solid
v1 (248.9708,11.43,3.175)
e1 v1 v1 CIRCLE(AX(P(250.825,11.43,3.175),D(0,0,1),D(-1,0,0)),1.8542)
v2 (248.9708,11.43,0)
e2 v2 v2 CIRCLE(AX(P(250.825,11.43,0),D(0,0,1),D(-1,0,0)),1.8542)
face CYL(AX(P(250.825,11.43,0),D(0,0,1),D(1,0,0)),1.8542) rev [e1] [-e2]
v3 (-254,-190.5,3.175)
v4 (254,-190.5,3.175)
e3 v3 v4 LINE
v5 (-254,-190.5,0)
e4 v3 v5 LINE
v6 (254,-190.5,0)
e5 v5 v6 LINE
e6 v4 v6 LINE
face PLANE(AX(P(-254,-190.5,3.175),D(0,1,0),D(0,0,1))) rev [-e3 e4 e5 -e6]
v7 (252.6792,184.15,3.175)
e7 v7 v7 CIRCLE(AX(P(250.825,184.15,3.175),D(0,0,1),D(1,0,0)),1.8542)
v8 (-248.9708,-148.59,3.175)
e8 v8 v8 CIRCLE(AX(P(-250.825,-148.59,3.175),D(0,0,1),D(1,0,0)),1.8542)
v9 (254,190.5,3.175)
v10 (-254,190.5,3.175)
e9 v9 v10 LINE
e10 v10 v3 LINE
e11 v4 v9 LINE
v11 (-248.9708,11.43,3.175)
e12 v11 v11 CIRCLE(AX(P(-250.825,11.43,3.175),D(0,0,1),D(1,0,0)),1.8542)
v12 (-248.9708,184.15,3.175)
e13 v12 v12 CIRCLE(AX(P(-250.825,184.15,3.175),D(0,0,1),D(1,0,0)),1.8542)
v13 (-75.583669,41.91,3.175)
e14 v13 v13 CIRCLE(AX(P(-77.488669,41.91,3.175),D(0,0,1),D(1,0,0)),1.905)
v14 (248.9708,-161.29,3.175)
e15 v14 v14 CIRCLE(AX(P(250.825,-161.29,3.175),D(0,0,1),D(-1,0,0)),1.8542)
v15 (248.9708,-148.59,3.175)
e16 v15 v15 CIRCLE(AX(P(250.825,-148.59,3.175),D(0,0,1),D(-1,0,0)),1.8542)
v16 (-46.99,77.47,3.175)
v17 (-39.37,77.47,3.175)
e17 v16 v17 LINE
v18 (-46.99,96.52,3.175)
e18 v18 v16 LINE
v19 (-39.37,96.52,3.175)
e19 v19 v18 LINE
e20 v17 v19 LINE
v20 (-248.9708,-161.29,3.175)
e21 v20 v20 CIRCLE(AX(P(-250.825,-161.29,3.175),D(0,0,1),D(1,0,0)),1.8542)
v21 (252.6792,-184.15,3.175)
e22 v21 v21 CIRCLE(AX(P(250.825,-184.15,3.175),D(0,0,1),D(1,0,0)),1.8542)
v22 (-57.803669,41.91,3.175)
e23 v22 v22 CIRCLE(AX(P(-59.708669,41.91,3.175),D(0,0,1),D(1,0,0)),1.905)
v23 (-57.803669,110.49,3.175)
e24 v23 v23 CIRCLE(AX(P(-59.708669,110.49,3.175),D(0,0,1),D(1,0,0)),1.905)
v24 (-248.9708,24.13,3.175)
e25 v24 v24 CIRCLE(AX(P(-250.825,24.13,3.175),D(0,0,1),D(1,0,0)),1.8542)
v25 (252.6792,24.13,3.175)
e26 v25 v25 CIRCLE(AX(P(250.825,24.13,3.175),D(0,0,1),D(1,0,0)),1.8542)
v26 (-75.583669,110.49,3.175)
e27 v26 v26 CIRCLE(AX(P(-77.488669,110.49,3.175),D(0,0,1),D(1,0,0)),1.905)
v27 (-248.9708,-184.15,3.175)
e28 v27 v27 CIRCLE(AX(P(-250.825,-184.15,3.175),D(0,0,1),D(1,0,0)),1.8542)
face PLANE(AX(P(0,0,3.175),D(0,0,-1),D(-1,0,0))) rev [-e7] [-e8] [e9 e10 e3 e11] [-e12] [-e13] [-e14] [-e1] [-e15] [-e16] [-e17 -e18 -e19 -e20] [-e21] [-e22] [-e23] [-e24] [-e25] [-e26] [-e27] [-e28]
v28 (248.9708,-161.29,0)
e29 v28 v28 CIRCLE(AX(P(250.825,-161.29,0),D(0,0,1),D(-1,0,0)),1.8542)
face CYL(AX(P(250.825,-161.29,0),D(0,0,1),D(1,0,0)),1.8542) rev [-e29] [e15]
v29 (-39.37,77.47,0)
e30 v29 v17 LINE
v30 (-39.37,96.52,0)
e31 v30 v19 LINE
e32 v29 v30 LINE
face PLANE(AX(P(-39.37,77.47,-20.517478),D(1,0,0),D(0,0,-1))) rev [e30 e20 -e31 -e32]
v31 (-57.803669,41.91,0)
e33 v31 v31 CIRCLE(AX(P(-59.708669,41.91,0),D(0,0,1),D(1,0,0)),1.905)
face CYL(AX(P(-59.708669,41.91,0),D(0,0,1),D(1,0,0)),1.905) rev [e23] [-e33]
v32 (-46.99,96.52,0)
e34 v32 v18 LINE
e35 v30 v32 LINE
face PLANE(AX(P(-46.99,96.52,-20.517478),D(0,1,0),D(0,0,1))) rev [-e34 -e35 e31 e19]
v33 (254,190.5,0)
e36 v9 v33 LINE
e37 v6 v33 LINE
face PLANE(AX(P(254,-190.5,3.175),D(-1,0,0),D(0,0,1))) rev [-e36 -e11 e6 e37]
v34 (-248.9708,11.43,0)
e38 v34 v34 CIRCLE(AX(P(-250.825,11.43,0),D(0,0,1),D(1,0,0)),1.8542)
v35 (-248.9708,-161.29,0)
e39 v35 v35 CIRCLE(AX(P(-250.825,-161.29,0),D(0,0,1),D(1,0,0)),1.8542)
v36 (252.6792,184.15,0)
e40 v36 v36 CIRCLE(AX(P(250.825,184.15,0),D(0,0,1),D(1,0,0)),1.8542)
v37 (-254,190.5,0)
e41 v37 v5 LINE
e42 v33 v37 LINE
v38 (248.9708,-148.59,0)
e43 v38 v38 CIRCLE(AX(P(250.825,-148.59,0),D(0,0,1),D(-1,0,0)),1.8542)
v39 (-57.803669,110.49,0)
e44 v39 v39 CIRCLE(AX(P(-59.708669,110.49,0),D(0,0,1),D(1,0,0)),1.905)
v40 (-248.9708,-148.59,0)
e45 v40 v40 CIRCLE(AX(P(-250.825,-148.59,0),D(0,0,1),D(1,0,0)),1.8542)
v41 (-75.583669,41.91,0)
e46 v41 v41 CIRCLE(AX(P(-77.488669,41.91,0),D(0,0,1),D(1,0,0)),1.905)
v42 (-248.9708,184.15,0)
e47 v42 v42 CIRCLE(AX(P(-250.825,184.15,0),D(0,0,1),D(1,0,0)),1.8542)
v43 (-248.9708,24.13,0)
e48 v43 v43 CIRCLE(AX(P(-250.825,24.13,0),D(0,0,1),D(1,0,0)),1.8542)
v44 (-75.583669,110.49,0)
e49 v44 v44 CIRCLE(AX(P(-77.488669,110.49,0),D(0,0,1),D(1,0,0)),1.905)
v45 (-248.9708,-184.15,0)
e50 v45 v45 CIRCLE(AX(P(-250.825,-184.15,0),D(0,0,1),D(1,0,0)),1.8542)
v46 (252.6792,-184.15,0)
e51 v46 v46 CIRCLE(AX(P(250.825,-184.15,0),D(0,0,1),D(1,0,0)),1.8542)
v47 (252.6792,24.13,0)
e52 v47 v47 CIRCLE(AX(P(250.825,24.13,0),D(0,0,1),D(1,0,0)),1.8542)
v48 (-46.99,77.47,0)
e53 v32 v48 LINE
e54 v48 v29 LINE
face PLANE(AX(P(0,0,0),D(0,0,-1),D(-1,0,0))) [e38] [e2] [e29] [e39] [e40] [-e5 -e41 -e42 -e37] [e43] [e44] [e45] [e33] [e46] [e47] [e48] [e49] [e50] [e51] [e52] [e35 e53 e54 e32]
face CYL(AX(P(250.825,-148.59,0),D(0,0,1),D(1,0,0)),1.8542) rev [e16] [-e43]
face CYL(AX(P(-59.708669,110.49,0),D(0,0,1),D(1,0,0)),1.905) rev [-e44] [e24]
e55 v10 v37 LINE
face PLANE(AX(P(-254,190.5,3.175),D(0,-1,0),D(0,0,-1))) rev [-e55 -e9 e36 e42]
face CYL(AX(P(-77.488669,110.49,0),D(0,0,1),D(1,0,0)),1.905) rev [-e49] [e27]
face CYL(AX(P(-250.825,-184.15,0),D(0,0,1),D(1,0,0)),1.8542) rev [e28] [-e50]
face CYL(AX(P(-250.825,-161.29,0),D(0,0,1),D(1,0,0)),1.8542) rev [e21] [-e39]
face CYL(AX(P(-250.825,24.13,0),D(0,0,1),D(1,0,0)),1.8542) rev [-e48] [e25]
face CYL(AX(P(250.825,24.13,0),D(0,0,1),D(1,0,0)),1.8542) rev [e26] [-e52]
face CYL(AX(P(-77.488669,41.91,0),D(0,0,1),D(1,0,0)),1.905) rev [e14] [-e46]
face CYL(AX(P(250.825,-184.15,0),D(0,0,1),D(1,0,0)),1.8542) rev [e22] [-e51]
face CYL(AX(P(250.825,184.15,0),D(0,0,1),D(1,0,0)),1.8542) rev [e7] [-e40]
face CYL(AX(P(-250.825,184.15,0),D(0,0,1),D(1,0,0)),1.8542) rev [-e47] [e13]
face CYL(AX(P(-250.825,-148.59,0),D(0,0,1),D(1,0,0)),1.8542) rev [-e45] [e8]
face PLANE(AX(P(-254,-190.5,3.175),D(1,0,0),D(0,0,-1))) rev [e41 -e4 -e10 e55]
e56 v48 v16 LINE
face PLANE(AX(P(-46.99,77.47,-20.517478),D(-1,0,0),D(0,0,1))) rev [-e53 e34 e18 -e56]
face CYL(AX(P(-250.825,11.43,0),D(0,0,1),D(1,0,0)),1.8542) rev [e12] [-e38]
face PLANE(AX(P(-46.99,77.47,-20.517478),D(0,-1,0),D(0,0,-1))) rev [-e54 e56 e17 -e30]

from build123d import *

# Parameters (mm, degrees)
SKETCH1_W           = 508
SKETCH1_H           = 381
BOSS_EXTRUDE1_DEPTH = 3.175
SKETCH3_W           = 7.62
SKETCH3_H           = 19.05
CUT_EXTRUDE2_DEPTH  = 3.175
SKETCH2_R           = 1.8542
SKETCH2_R_2         = 1.905
CUT_EXTRUDE1_DEPTH  = 3.175


with BuildPart() as part:
    # Sketch1 → Boss-Extrude1 (new body)
    with BuildSketch(Plane.XY):
        Rectangle(SKETCH1_W, SKETCH1_H)
    extrude(amount=BOSS_EXTRUDE1_DEPTH)

    # Sketch3 → Cut-Extrude2 (cut)
    with BuildSketch(Plane.XY.offset(3.175)):
        with Locations((-43.18, 86.995)):
            Rectangle(SKETCH3_W, SKETCH3_H)
    extrude(amount=-CUT_EXTRUDE2_DEPTH, mode=Mode.SUBTRACT)

    # Sketch2 → Cut-Extrude1 (cut)
    with BuildSketch(Plane.XY.offset(3.175)):
        with Locations((-250.825, -184.15)):
            Circle(SKETCH2_R)
        with Locations((-250.825, 184.15)):
            Circle(SKETCH2_R)
        with Locations((250.825, 184.15)):
            Circle(SKETCH2_R)
        with Locations((250.825, -184.15)):
            Circle(SKETCH2_R)
        with Locations((-250.825, 24.13)):
            Circle(SKETCH2_R)
        with Locations((250.825, 24.13)):
            Circle(SKETCH2_R)
        with Locations((-250.825, 11.43)):
            Circle(SKETCH2_R)
        with Locations((-250.825, -148.59)):
            Circle(SKETCH2_R)
        with Locations((-250.825, -161.29)):
            Circle(SKETCH2_R)
        with Locations(Location((250.825, -161.29, 0), (0, 0, 180))):
            Circle(SKETCH2_R)
        with Locations(Location((250.825, -148.59, 0), (0, 0, 180))):
            Circle(SKETCH2_R)
        with Locations(Location((250.825, 11.43, 0), (0, 0, 180))):
            Circle(SKETCH2_R)
        with Locations((-77.488669, 110.49)):
            Circle(SKETCH2_R_2)
        with Locations((-77.488669, 41.91)):
            Circle(SKETCH2_R_2)
        with Locations((-59.708669, 110.49)):
            Circle(SKETCH2_R_2)
        with Locations((-59.708669, 41.91)):
            Circle(SKETCH2_R_2)
    extrude(amount=-CUT_EXTRUDE1_DEPTH, mode=Mode.SUBTRACT)


solid = part.part
